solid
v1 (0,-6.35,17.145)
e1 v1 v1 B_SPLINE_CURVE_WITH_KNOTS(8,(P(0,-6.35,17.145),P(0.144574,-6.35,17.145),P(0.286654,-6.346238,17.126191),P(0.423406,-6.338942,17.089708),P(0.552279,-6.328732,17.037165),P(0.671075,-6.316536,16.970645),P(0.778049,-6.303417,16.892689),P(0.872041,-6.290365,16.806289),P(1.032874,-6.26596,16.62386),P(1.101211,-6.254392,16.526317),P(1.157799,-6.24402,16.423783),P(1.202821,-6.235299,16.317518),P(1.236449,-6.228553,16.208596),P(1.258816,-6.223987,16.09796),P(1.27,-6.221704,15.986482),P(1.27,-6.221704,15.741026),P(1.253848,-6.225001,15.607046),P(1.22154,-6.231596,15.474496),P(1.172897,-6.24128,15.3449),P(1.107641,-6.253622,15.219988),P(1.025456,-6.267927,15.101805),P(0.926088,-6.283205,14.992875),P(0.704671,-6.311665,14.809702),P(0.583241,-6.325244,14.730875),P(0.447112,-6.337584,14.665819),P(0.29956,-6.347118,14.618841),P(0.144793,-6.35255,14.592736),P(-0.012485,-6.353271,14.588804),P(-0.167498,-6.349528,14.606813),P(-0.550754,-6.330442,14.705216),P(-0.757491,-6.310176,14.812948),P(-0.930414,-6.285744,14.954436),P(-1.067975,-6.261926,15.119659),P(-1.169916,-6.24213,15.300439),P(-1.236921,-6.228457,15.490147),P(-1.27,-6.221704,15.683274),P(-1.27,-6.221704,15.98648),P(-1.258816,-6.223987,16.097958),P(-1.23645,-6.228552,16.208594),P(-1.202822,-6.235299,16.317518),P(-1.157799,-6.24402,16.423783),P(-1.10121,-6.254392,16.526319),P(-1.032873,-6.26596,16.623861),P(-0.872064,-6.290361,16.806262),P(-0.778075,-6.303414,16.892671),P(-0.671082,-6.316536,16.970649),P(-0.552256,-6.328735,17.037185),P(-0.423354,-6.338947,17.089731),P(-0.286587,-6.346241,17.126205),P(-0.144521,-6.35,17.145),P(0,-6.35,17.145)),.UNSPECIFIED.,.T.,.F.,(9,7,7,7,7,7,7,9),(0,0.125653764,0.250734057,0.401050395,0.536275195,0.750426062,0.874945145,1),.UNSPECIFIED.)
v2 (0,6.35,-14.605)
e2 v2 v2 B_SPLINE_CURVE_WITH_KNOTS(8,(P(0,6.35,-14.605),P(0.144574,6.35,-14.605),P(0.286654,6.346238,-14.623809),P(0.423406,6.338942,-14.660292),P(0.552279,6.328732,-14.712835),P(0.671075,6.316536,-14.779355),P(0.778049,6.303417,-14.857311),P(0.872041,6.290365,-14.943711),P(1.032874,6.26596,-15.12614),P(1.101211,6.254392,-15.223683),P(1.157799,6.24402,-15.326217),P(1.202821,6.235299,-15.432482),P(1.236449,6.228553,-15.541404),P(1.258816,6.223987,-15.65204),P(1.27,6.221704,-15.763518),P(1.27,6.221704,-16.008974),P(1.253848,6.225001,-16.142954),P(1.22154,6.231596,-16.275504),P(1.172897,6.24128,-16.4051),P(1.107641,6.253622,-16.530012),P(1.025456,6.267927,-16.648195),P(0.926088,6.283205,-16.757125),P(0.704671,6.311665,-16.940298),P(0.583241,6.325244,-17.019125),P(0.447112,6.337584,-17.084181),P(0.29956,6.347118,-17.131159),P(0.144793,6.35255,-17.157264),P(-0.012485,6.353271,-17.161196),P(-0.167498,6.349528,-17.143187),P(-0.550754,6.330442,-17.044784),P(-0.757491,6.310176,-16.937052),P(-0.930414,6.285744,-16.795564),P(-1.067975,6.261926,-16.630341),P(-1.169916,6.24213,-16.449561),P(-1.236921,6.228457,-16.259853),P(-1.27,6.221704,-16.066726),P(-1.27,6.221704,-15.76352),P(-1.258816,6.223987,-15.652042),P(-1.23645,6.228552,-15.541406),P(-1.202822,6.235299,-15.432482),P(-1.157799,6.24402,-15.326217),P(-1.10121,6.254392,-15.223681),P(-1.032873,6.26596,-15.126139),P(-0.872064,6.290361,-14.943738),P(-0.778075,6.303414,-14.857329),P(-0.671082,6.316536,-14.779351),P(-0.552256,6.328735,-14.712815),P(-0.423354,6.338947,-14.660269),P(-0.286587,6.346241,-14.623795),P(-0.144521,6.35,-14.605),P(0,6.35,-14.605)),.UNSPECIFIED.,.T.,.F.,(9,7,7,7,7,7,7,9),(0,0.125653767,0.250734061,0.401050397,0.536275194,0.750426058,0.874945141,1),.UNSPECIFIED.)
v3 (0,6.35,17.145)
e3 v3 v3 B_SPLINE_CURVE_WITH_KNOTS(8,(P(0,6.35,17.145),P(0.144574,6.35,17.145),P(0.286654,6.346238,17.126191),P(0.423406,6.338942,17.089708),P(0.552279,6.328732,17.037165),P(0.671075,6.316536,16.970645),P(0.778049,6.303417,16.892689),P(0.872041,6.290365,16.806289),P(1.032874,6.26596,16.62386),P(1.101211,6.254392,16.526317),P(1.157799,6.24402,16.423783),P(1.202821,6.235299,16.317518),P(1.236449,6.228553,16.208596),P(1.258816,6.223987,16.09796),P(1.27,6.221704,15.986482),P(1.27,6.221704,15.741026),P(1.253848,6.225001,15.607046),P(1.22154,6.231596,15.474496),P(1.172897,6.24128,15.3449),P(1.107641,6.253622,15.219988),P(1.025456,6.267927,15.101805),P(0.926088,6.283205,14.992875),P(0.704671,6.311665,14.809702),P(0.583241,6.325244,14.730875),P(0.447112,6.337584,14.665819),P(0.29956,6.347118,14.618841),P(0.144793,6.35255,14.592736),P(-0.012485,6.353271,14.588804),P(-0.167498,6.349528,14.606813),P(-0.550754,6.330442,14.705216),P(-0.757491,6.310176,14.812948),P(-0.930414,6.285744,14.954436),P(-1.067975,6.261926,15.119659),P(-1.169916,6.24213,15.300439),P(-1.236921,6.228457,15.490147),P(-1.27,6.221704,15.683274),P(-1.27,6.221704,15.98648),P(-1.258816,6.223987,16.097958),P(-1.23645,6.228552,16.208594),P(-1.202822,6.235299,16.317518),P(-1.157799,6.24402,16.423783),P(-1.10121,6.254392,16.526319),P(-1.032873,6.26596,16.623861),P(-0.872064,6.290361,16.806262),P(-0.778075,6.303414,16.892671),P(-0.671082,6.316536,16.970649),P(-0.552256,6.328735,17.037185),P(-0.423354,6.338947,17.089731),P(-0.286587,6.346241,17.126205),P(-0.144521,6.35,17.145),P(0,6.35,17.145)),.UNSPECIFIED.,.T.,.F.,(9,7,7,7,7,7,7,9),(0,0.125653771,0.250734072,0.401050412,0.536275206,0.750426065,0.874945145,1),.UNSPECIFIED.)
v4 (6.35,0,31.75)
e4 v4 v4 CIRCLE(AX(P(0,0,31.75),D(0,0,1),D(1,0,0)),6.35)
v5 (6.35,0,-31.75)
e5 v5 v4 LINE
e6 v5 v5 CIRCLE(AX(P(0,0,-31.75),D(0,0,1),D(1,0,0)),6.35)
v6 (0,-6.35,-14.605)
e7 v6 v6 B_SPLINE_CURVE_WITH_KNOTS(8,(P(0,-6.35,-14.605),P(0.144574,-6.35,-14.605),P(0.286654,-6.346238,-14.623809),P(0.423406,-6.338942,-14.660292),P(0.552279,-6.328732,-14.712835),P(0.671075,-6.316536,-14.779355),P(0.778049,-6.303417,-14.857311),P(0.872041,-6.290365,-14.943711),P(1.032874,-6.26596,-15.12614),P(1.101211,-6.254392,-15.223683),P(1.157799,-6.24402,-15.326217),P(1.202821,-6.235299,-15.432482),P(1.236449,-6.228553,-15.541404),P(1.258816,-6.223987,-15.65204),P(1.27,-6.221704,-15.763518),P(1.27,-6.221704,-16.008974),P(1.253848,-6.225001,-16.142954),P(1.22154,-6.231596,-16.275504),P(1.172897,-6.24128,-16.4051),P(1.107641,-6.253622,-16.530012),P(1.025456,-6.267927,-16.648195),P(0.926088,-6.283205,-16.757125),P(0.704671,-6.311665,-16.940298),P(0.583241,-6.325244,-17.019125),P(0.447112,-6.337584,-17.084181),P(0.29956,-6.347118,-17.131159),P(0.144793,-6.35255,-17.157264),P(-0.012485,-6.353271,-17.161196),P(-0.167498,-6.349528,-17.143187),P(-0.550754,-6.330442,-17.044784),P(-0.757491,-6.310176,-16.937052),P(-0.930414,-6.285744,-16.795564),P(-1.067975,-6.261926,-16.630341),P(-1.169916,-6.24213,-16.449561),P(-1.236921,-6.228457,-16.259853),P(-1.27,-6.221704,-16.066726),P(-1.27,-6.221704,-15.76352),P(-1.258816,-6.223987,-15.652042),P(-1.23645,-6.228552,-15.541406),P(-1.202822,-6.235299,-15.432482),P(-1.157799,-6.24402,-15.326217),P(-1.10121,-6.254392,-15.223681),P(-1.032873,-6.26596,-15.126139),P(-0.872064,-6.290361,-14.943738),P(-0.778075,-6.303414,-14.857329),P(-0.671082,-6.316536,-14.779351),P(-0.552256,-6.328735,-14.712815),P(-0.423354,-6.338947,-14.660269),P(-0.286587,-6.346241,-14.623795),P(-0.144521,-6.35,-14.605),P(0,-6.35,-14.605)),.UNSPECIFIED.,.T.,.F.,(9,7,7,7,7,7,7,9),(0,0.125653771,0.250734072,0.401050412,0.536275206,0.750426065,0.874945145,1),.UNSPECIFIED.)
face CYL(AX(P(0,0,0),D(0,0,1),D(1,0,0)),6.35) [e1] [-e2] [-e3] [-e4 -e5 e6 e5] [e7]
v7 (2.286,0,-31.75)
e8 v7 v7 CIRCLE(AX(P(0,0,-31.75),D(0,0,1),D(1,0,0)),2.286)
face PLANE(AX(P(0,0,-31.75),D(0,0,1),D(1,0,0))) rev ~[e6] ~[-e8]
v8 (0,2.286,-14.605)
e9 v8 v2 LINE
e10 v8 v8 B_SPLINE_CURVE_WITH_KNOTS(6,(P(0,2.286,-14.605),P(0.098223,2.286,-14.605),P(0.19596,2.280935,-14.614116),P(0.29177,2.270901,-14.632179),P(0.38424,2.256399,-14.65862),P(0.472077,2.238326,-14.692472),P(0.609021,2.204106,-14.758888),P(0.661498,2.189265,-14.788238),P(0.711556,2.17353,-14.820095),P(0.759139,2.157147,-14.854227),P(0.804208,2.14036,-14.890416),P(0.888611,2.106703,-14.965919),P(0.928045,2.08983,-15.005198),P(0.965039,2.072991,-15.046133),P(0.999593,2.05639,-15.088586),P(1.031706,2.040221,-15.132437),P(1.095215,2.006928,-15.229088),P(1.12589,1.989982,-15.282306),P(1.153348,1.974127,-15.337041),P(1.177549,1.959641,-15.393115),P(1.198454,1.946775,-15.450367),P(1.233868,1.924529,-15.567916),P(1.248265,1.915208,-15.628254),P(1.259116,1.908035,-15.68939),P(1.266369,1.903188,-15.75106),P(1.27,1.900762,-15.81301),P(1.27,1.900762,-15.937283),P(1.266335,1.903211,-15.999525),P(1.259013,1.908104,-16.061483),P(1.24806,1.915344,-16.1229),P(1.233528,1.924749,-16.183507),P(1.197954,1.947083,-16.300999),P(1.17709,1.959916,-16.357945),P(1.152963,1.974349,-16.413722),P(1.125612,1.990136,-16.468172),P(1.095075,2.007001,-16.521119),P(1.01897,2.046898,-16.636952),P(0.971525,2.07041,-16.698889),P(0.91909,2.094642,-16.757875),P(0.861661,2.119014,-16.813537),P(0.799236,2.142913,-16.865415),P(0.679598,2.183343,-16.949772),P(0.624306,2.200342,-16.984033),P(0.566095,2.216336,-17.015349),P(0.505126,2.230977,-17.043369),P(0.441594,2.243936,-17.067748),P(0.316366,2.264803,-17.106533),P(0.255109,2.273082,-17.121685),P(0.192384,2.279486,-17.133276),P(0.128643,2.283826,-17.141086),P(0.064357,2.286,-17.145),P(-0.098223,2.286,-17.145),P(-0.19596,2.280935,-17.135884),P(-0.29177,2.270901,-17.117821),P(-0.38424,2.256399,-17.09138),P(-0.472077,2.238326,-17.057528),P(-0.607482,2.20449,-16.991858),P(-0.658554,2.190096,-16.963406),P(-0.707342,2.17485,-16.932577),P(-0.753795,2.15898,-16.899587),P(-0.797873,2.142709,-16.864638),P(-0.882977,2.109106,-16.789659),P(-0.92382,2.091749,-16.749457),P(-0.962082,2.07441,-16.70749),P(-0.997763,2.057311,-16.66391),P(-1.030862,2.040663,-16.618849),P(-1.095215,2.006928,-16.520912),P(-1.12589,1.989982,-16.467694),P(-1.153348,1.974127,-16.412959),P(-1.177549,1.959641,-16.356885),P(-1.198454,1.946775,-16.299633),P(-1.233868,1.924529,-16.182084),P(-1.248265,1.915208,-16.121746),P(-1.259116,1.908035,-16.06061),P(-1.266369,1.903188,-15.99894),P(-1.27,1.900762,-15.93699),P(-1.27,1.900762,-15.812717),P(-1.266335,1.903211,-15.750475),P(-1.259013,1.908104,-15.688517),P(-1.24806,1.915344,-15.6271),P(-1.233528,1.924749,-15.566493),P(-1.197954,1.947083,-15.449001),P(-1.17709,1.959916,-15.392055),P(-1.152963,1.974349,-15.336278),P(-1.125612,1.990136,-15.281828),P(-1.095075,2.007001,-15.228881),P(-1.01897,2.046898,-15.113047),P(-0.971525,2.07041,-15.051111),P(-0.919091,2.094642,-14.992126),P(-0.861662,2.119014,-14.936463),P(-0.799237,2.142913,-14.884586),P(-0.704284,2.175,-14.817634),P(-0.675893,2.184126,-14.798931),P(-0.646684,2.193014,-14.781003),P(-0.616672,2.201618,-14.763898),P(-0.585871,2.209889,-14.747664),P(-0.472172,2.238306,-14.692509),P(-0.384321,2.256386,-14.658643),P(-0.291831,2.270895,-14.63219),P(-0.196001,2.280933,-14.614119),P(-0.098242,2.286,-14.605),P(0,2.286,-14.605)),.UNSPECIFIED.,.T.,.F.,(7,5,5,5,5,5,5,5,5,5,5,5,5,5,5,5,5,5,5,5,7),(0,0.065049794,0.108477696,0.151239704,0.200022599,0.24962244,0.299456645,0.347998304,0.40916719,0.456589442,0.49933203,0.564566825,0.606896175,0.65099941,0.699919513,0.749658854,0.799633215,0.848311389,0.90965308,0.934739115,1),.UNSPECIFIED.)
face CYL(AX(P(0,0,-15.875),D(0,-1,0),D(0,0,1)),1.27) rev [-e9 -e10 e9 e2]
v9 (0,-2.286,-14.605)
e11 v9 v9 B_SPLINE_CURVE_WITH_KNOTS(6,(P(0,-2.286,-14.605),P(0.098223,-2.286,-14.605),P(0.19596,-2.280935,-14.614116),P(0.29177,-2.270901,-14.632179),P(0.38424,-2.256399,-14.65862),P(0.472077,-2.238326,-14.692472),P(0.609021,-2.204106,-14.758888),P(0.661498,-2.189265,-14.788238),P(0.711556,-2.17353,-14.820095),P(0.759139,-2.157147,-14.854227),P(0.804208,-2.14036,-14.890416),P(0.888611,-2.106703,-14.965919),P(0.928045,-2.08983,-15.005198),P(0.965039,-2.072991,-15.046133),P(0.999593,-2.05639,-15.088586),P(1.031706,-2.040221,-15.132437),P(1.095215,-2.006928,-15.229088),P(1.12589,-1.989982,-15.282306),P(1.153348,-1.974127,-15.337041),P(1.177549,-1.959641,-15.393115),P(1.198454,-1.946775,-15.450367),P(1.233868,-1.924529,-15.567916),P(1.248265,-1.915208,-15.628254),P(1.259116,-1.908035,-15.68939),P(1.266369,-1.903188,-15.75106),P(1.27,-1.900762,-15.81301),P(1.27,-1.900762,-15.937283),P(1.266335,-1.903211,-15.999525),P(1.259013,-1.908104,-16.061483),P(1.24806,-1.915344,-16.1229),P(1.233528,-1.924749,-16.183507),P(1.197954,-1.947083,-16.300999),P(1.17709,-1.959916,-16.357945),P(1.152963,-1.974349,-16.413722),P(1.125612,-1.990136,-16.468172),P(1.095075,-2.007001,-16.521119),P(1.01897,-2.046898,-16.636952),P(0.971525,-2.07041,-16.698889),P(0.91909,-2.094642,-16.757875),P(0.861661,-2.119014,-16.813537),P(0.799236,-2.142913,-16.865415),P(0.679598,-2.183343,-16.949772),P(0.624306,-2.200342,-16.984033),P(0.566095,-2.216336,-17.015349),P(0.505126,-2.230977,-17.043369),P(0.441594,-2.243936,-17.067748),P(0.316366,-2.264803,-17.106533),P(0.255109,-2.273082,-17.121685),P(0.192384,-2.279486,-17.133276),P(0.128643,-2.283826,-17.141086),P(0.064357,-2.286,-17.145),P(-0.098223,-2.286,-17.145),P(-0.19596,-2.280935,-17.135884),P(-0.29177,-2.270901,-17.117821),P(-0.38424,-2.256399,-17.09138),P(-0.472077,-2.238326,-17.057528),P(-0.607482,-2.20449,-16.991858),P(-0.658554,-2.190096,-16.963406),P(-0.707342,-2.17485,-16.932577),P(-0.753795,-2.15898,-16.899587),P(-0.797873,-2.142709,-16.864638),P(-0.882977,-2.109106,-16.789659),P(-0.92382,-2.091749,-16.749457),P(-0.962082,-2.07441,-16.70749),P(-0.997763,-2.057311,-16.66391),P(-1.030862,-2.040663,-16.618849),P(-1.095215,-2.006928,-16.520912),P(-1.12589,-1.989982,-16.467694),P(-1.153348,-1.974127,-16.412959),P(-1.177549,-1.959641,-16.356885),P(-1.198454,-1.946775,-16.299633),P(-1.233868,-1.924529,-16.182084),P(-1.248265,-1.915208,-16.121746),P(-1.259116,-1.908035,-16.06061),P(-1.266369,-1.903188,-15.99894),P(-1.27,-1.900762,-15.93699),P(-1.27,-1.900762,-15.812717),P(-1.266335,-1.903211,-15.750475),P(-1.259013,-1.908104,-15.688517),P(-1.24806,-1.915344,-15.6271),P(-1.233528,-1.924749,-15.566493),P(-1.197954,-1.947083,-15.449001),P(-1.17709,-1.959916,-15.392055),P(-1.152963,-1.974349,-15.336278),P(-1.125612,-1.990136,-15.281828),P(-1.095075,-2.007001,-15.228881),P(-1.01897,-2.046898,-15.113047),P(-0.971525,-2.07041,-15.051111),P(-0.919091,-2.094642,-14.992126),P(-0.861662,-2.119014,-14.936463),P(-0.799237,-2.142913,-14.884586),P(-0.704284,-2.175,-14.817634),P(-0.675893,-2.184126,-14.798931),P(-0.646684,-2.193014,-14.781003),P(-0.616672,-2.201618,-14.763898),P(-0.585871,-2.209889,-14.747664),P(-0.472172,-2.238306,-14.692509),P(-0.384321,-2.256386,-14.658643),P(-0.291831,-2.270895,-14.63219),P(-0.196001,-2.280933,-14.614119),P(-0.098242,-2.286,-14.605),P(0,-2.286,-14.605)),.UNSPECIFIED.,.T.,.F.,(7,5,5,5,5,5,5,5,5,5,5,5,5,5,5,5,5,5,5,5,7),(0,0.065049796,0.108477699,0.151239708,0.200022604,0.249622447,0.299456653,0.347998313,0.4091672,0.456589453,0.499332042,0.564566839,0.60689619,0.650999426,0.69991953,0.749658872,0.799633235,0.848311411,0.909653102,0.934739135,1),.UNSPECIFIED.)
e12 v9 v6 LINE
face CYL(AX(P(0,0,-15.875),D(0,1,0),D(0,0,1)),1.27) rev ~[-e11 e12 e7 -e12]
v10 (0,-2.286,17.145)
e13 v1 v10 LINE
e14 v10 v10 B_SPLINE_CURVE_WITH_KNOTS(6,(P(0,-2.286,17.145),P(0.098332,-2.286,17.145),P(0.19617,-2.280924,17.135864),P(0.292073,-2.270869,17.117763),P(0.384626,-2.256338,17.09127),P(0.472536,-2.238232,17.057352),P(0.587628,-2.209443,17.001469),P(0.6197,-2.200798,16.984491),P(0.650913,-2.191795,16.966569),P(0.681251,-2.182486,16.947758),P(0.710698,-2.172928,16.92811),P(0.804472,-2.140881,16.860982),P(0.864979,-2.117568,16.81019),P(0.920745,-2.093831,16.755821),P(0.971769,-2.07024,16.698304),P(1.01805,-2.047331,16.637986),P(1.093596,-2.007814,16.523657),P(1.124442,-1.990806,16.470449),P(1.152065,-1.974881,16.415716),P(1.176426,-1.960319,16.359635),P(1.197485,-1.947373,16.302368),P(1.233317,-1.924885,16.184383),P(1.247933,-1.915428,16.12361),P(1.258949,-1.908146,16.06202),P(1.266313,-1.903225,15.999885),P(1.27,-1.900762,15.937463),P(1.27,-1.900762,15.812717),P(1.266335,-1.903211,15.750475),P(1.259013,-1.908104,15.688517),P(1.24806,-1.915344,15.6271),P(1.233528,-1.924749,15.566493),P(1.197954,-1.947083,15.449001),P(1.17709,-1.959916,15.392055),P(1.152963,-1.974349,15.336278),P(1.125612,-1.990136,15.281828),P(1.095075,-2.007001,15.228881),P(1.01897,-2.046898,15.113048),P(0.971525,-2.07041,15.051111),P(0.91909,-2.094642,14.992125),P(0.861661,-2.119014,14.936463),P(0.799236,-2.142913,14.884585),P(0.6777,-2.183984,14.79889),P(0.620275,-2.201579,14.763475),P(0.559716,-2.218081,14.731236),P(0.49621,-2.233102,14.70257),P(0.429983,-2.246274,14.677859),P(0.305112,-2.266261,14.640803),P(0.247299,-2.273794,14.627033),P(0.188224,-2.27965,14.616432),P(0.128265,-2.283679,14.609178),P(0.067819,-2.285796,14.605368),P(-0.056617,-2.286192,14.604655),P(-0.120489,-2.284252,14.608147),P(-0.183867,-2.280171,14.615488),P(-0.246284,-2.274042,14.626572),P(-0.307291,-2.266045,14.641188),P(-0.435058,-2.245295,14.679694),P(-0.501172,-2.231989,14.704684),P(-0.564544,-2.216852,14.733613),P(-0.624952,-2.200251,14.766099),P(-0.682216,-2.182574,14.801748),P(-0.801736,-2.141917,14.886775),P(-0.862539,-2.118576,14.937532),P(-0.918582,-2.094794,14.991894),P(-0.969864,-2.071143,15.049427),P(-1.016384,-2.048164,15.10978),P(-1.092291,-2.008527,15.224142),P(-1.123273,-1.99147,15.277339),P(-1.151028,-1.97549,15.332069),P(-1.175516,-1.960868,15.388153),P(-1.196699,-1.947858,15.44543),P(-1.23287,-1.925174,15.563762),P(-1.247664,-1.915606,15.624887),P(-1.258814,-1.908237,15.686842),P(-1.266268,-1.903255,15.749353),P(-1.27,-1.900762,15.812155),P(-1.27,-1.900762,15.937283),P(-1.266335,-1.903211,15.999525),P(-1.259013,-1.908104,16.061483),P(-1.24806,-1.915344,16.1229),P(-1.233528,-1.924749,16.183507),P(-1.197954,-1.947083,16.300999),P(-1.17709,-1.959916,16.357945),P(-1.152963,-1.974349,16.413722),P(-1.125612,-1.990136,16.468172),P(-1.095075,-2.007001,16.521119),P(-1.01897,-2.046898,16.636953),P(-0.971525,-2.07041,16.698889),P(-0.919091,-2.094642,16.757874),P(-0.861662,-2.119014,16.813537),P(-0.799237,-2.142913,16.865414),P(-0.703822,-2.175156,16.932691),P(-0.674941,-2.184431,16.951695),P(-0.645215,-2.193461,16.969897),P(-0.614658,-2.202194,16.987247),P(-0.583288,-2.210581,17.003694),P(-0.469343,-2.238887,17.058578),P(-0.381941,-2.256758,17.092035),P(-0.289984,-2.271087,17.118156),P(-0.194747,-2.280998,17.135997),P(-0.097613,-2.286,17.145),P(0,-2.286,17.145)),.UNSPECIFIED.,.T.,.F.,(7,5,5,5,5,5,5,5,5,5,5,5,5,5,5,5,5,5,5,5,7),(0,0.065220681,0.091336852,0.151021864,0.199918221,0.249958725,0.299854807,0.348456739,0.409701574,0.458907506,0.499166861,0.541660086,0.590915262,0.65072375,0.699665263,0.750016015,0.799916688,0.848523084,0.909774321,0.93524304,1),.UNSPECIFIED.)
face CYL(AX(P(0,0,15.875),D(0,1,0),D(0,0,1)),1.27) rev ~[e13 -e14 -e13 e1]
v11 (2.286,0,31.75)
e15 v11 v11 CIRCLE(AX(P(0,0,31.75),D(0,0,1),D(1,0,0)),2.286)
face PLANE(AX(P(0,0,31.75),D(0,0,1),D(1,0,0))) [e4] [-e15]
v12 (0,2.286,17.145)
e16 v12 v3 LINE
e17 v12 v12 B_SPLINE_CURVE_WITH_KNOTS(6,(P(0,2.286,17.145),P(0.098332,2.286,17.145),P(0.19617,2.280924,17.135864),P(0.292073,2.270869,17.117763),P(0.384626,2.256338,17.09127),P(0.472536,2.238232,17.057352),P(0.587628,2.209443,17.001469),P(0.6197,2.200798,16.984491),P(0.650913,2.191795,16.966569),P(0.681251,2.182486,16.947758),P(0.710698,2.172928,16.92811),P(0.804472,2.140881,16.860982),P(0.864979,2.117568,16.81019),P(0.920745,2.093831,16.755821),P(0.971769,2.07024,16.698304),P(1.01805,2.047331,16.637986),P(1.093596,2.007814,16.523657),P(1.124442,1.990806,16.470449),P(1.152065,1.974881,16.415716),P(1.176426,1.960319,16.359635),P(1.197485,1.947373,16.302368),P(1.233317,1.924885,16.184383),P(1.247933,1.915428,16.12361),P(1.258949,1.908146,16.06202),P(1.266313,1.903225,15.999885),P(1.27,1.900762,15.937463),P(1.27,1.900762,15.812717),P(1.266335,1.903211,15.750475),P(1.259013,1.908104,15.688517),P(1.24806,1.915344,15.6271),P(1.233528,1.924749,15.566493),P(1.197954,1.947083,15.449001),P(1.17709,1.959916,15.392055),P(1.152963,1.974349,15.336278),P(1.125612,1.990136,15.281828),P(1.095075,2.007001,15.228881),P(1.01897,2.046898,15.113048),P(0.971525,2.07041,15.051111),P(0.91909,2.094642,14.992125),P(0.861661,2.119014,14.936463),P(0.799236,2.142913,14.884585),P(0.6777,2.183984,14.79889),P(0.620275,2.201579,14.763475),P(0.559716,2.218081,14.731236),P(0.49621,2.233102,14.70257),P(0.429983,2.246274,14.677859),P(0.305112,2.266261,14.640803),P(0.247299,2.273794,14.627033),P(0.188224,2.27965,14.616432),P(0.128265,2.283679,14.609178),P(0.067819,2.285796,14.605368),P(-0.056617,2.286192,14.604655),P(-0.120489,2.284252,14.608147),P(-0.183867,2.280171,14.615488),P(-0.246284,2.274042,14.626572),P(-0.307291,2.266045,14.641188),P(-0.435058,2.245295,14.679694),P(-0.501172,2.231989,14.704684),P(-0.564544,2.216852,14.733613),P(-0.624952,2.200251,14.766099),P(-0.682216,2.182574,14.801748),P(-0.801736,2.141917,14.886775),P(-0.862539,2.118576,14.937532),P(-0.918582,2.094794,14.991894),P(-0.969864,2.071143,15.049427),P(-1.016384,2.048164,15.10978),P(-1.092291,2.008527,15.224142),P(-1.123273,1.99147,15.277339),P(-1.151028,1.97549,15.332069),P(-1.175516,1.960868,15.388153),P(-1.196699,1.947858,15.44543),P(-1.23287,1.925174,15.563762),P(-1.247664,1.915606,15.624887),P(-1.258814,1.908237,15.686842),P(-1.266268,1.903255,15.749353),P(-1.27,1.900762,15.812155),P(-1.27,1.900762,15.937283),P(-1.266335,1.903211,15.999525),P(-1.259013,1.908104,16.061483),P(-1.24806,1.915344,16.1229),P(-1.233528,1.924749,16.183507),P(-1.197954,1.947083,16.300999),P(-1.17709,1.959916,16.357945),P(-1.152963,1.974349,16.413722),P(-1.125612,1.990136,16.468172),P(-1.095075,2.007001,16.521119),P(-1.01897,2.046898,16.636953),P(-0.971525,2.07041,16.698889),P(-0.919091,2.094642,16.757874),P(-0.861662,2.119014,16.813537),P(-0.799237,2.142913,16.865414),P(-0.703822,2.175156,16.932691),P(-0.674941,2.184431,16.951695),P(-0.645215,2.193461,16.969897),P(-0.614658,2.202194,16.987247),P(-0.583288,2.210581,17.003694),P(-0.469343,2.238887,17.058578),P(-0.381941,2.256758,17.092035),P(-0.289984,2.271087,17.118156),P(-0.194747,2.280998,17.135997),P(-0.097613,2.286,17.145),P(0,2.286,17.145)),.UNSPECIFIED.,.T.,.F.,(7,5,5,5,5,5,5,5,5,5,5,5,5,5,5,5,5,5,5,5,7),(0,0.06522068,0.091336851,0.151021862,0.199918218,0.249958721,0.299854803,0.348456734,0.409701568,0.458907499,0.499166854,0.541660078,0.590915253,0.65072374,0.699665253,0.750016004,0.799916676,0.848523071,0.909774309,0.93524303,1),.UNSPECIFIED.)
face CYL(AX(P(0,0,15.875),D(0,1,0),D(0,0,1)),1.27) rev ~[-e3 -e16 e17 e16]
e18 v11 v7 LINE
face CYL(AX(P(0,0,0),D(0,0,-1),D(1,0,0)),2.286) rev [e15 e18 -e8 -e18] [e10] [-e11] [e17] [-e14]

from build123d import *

# Parameters (mm, degrees)
SKETCH1_R           = 6.35
SKETCH1_R_2         = 2.286
BOSS_EXTRUDE1_DEPTH = 31.75
SKETCH3_R           = 1.27
CUT_EXTRUDE1_DEPTH  = 31.75


with BuildPart() as part:
    # Sketch1 → Boss-Extrude1 (new, symmetric)
    with BuildSketch(Plane.XY):
        Circle(SKETCH1_R)
        Circle(SKETCH1_R_2, mode=Mode.SUBTRACT)
    extrude(amount=BOSS_EXTRUDE1_DEPTH, both=True)

    # Sketch3 → Cut-Extrude1 (cut, symmetric)
    with BuildSketch(Plane(origin=(0, 0, 0), x_dir=(1, 0, 0), z_dir=(0, 1, 0))):
        with Locations(Location((0, 15.875, 0), (0, 0, 270))):
            Circle(SKETCH3_R)
        with Locations(Location((0, -15.875, 0), (0, 0, 270))):
            Circle(SKETCH3_R)
    extrude(amount=CUT_EXTRUDE1_DEPTH, both=True, mode=Mode.SUBTRACT)


solid = part.part
